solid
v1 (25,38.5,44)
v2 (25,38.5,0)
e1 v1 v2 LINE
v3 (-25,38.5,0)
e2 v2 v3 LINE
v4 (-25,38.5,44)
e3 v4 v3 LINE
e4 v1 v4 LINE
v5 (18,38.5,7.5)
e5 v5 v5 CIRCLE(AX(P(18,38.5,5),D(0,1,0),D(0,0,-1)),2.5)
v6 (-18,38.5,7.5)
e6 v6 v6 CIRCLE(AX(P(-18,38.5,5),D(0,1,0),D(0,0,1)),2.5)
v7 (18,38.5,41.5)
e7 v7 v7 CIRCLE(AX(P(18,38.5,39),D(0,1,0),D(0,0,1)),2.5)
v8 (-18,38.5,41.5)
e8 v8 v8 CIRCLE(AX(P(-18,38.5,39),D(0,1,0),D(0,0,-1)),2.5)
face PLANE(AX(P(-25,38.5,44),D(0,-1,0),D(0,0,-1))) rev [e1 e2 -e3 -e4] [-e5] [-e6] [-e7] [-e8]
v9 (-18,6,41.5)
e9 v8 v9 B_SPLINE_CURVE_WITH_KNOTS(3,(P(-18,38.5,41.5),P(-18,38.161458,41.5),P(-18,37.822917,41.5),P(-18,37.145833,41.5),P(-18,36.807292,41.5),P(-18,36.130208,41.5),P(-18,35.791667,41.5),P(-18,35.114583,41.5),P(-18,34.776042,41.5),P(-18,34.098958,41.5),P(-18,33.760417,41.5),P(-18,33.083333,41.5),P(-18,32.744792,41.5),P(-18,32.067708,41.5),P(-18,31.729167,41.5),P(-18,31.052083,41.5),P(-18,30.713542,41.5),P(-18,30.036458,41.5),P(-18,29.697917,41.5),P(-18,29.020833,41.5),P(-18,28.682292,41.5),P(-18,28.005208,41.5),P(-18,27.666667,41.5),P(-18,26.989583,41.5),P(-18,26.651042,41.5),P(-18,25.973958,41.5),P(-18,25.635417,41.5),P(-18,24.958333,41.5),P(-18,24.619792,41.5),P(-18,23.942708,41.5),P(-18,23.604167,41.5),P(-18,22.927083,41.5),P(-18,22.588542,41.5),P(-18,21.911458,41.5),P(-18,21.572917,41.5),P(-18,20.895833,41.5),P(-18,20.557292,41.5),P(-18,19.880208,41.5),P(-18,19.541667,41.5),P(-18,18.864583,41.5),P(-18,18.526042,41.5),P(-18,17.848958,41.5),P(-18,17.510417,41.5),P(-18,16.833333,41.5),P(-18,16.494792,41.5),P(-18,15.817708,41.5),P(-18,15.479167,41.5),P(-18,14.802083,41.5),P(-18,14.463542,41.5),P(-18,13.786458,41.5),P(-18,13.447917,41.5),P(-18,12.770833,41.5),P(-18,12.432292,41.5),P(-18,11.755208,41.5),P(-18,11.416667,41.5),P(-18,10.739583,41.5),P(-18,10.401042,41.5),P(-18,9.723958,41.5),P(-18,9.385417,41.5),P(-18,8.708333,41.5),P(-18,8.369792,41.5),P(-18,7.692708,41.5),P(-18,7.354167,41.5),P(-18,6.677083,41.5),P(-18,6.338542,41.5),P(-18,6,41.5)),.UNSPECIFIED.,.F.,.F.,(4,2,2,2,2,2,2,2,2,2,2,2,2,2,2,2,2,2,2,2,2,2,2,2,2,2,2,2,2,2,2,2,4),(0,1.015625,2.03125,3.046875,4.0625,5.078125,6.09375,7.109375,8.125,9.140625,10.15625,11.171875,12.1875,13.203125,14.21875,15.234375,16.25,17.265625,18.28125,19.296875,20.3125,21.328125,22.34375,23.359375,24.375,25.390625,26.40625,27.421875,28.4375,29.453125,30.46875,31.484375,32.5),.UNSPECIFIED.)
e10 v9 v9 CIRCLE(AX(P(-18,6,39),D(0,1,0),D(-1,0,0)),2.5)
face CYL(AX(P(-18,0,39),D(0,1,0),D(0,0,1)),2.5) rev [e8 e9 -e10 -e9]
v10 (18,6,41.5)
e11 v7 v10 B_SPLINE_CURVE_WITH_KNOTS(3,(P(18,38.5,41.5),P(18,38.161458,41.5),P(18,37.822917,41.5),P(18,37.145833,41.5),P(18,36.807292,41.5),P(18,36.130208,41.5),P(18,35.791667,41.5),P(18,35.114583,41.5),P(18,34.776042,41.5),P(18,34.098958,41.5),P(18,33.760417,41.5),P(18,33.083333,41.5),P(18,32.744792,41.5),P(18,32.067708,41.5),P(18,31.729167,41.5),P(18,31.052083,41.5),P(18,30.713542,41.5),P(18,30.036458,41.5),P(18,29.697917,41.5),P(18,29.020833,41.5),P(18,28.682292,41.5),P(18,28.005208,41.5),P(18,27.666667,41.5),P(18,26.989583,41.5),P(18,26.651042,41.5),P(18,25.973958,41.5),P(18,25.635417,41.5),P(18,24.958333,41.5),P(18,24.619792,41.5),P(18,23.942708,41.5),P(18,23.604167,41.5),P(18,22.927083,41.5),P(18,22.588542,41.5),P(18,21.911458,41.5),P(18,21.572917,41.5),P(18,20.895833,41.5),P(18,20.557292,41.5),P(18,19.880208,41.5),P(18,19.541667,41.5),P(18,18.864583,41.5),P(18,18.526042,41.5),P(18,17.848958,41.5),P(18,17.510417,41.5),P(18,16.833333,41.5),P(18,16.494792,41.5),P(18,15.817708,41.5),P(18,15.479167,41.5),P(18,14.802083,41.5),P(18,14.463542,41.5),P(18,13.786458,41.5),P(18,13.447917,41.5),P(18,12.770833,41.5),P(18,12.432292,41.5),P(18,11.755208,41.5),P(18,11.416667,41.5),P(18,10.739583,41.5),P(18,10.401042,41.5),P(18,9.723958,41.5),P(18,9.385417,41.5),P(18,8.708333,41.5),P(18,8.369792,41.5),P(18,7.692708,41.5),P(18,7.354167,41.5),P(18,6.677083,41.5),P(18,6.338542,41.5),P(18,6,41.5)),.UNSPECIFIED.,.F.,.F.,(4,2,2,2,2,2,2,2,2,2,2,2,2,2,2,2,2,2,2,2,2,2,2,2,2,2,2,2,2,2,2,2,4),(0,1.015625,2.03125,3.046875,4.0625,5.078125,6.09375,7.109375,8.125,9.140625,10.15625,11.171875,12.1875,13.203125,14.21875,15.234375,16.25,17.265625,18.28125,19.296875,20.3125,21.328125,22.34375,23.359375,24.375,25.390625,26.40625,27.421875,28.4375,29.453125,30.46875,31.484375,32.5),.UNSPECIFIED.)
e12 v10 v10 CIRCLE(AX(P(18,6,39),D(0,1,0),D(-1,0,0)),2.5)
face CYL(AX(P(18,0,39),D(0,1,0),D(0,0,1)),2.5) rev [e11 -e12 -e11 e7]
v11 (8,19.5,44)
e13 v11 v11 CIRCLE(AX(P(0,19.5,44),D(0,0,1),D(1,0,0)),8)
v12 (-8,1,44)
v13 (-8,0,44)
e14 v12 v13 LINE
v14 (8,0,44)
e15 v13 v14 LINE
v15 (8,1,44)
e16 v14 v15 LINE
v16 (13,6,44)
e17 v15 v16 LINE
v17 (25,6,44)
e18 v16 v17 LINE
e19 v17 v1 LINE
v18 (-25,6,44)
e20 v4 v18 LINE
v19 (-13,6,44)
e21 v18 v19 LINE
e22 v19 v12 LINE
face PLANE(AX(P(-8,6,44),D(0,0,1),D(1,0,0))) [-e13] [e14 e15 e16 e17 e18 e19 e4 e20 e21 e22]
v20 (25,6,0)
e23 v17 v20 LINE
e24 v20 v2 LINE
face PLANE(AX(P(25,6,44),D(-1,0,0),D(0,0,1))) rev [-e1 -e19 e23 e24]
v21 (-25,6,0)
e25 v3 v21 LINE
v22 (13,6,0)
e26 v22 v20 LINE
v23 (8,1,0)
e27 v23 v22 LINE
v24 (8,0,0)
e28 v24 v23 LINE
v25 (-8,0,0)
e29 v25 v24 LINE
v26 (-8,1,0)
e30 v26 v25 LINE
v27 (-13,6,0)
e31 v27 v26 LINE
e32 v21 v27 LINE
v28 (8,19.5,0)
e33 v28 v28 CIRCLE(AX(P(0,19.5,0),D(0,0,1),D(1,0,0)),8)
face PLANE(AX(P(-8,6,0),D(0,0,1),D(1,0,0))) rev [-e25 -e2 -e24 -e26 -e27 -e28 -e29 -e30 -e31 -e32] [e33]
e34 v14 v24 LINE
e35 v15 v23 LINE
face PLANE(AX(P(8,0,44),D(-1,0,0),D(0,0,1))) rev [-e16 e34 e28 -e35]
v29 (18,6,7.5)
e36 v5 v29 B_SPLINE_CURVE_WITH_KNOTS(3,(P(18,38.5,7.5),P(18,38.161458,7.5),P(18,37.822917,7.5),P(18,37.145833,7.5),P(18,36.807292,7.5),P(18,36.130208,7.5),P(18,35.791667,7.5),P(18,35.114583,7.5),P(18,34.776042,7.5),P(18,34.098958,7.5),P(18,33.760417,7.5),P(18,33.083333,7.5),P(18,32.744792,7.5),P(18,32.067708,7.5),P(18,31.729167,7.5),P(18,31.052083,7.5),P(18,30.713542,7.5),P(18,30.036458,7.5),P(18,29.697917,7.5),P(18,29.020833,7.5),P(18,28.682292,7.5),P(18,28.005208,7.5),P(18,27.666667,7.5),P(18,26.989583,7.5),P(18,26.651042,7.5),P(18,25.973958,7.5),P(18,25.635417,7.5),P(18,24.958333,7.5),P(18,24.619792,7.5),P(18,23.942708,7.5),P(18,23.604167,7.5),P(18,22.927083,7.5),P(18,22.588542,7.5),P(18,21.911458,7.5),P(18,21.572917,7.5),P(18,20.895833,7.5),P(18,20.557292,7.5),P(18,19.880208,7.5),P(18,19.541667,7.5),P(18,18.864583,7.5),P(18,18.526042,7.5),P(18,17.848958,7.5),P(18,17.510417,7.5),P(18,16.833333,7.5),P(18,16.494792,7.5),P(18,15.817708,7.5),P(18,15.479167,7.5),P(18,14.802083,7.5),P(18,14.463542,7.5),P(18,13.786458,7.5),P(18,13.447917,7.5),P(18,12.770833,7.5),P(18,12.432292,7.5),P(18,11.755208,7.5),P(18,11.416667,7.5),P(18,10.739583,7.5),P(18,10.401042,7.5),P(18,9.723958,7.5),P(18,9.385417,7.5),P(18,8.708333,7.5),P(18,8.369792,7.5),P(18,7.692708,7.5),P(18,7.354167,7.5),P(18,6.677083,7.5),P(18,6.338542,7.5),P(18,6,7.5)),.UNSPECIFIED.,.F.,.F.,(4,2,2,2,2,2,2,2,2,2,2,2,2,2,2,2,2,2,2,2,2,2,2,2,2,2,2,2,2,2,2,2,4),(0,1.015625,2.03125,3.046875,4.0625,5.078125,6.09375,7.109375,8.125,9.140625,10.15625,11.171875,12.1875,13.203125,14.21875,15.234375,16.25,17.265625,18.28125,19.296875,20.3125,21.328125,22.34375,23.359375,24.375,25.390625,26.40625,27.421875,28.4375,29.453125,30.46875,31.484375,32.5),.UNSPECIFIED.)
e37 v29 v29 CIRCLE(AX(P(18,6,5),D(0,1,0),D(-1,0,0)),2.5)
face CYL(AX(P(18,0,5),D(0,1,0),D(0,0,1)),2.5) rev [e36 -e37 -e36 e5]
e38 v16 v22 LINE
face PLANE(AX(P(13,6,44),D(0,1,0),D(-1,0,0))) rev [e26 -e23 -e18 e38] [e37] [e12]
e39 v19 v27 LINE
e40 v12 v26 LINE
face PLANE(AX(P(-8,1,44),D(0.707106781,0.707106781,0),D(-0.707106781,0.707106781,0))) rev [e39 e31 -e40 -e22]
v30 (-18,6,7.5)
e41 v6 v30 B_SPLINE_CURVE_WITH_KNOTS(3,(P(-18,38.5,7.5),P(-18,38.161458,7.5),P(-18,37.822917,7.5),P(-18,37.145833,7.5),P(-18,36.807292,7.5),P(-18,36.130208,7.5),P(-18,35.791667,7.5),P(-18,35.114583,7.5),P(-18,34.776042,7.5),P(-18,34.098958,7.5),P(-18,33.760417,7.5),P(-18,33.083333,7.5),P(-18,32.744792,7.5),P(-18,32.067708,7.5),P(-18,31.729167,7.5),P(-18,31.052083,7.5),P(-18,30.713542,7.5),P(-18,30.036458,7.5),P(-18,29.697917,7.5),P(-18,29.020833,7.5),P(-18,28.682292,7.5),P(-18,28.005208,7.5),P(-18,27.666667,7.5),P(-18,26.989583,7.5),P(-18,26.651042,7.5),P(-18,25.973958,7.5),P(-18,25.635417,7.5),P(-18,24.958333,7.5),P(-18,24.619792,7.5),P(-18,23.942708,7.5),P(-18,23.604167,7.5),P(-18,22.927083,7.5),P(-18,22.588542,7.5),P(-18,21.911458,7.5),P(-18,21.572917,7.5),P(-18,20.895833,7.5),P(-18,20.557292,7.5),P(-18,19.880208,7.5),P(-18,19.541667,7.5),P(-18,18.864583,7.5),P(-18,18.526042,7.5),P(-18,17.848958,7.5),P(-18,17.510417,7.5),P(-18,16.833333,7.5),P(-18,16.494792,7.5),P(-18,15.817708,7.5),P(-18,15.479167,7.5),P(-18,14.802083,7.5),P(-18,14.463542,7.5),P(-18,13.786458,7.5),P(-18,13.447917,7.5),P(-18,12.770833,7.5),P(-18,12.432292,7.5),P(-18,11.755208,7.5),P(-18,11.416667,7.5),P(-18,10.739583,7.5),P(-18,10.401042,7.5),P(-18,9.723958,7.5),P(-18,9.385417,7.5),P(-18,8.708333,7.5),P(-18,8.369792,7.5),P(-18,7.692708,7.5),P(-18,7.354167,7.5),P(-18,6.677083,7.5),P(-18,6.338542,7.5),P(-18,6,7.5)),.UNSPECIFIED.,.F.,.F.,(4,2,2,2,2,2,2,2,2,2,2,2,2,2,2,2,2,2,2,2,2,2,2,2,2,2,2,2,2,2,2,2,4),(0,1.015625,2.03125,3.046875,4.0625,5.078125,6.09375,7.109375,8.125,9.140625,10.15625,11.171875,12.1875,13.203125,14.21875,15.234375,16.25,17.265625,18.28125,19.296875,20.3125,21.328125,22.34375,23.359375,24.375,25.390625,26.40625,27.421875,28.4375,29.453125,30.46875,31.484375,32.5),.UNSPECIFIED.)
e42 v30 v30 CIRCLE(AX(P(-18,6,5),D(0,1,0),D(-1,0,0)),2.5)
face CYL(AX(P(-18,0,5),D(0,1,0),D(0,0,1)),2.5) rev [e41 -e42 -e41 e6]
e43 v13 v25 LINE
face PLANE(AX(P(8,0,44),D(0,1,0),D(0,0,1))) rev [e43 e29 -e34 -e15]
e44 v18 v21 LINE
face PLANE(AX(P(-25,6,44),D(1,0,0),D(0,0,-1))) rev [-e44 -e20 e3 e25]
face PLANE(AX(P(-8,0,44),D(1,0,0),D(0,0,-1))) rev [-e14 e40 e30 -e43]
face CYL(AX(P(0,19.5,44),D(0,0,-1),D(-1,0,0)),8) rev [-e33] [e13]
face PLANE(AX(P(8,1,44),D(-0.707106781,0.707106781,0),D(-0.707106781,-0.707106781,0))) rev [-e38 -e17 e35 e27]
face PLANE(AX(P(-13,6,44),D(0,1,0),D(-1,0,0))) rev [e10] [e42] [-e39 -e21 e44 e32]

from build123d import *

# Parameters (mm, degrees)
SKETCH_1_R          = 8
EXTRUDE_1_DEPTH     = 44
SKETCH_2_R          = 2.5
CUT_EXTRUDE_1_DEPTH = 64.586555183


with BuildPart() as part:
    # 草图1 → 凸台-拉伸1 (new body)
    with BuildSketch(Plane.XY):
        Polygon((8, 0), (-8, 0), (-8, 1), (-13, 6), (-25, 6), (-25, 38.5), (25, 38.5), (25, 6), (13, 6), (8, 1), align=None)
        with Locations((0, 19.5)):
            Circle(SKETCH_1_R, mode=Mode.SUBTRACT)
    extrude(amount=EXTRUDE_1_DEPTH)

    # 草图2 → 切除-拉伸1 (cut, through all)
    with BuildSketch(Plane(origin=(0, 38.5, 0), x_dir=(1, 0, 0), z_dir=(0, 1, 0))):
        with Locations(Location((-18, -5, 0), (0, 0, 270))):
            Circle(SKETCH_2_R)
        with Locations(Location((18, -5, 0), (0, 0, 270))):
            Circle(SKETCH_2_R)
        with Locations(Location((18, -39, 0), (0, 0, 270))):
            Circle(SKETCH_2_R)
        with Locations(Location((-18, -39, 0), (0, 0, 270))):
            Circle(SKETCH_2_R)
    extrude(amount=-CUT_EXTRUDE_1_DEPTH, mode=Mode.SUBTRACT)


solid = part.part
